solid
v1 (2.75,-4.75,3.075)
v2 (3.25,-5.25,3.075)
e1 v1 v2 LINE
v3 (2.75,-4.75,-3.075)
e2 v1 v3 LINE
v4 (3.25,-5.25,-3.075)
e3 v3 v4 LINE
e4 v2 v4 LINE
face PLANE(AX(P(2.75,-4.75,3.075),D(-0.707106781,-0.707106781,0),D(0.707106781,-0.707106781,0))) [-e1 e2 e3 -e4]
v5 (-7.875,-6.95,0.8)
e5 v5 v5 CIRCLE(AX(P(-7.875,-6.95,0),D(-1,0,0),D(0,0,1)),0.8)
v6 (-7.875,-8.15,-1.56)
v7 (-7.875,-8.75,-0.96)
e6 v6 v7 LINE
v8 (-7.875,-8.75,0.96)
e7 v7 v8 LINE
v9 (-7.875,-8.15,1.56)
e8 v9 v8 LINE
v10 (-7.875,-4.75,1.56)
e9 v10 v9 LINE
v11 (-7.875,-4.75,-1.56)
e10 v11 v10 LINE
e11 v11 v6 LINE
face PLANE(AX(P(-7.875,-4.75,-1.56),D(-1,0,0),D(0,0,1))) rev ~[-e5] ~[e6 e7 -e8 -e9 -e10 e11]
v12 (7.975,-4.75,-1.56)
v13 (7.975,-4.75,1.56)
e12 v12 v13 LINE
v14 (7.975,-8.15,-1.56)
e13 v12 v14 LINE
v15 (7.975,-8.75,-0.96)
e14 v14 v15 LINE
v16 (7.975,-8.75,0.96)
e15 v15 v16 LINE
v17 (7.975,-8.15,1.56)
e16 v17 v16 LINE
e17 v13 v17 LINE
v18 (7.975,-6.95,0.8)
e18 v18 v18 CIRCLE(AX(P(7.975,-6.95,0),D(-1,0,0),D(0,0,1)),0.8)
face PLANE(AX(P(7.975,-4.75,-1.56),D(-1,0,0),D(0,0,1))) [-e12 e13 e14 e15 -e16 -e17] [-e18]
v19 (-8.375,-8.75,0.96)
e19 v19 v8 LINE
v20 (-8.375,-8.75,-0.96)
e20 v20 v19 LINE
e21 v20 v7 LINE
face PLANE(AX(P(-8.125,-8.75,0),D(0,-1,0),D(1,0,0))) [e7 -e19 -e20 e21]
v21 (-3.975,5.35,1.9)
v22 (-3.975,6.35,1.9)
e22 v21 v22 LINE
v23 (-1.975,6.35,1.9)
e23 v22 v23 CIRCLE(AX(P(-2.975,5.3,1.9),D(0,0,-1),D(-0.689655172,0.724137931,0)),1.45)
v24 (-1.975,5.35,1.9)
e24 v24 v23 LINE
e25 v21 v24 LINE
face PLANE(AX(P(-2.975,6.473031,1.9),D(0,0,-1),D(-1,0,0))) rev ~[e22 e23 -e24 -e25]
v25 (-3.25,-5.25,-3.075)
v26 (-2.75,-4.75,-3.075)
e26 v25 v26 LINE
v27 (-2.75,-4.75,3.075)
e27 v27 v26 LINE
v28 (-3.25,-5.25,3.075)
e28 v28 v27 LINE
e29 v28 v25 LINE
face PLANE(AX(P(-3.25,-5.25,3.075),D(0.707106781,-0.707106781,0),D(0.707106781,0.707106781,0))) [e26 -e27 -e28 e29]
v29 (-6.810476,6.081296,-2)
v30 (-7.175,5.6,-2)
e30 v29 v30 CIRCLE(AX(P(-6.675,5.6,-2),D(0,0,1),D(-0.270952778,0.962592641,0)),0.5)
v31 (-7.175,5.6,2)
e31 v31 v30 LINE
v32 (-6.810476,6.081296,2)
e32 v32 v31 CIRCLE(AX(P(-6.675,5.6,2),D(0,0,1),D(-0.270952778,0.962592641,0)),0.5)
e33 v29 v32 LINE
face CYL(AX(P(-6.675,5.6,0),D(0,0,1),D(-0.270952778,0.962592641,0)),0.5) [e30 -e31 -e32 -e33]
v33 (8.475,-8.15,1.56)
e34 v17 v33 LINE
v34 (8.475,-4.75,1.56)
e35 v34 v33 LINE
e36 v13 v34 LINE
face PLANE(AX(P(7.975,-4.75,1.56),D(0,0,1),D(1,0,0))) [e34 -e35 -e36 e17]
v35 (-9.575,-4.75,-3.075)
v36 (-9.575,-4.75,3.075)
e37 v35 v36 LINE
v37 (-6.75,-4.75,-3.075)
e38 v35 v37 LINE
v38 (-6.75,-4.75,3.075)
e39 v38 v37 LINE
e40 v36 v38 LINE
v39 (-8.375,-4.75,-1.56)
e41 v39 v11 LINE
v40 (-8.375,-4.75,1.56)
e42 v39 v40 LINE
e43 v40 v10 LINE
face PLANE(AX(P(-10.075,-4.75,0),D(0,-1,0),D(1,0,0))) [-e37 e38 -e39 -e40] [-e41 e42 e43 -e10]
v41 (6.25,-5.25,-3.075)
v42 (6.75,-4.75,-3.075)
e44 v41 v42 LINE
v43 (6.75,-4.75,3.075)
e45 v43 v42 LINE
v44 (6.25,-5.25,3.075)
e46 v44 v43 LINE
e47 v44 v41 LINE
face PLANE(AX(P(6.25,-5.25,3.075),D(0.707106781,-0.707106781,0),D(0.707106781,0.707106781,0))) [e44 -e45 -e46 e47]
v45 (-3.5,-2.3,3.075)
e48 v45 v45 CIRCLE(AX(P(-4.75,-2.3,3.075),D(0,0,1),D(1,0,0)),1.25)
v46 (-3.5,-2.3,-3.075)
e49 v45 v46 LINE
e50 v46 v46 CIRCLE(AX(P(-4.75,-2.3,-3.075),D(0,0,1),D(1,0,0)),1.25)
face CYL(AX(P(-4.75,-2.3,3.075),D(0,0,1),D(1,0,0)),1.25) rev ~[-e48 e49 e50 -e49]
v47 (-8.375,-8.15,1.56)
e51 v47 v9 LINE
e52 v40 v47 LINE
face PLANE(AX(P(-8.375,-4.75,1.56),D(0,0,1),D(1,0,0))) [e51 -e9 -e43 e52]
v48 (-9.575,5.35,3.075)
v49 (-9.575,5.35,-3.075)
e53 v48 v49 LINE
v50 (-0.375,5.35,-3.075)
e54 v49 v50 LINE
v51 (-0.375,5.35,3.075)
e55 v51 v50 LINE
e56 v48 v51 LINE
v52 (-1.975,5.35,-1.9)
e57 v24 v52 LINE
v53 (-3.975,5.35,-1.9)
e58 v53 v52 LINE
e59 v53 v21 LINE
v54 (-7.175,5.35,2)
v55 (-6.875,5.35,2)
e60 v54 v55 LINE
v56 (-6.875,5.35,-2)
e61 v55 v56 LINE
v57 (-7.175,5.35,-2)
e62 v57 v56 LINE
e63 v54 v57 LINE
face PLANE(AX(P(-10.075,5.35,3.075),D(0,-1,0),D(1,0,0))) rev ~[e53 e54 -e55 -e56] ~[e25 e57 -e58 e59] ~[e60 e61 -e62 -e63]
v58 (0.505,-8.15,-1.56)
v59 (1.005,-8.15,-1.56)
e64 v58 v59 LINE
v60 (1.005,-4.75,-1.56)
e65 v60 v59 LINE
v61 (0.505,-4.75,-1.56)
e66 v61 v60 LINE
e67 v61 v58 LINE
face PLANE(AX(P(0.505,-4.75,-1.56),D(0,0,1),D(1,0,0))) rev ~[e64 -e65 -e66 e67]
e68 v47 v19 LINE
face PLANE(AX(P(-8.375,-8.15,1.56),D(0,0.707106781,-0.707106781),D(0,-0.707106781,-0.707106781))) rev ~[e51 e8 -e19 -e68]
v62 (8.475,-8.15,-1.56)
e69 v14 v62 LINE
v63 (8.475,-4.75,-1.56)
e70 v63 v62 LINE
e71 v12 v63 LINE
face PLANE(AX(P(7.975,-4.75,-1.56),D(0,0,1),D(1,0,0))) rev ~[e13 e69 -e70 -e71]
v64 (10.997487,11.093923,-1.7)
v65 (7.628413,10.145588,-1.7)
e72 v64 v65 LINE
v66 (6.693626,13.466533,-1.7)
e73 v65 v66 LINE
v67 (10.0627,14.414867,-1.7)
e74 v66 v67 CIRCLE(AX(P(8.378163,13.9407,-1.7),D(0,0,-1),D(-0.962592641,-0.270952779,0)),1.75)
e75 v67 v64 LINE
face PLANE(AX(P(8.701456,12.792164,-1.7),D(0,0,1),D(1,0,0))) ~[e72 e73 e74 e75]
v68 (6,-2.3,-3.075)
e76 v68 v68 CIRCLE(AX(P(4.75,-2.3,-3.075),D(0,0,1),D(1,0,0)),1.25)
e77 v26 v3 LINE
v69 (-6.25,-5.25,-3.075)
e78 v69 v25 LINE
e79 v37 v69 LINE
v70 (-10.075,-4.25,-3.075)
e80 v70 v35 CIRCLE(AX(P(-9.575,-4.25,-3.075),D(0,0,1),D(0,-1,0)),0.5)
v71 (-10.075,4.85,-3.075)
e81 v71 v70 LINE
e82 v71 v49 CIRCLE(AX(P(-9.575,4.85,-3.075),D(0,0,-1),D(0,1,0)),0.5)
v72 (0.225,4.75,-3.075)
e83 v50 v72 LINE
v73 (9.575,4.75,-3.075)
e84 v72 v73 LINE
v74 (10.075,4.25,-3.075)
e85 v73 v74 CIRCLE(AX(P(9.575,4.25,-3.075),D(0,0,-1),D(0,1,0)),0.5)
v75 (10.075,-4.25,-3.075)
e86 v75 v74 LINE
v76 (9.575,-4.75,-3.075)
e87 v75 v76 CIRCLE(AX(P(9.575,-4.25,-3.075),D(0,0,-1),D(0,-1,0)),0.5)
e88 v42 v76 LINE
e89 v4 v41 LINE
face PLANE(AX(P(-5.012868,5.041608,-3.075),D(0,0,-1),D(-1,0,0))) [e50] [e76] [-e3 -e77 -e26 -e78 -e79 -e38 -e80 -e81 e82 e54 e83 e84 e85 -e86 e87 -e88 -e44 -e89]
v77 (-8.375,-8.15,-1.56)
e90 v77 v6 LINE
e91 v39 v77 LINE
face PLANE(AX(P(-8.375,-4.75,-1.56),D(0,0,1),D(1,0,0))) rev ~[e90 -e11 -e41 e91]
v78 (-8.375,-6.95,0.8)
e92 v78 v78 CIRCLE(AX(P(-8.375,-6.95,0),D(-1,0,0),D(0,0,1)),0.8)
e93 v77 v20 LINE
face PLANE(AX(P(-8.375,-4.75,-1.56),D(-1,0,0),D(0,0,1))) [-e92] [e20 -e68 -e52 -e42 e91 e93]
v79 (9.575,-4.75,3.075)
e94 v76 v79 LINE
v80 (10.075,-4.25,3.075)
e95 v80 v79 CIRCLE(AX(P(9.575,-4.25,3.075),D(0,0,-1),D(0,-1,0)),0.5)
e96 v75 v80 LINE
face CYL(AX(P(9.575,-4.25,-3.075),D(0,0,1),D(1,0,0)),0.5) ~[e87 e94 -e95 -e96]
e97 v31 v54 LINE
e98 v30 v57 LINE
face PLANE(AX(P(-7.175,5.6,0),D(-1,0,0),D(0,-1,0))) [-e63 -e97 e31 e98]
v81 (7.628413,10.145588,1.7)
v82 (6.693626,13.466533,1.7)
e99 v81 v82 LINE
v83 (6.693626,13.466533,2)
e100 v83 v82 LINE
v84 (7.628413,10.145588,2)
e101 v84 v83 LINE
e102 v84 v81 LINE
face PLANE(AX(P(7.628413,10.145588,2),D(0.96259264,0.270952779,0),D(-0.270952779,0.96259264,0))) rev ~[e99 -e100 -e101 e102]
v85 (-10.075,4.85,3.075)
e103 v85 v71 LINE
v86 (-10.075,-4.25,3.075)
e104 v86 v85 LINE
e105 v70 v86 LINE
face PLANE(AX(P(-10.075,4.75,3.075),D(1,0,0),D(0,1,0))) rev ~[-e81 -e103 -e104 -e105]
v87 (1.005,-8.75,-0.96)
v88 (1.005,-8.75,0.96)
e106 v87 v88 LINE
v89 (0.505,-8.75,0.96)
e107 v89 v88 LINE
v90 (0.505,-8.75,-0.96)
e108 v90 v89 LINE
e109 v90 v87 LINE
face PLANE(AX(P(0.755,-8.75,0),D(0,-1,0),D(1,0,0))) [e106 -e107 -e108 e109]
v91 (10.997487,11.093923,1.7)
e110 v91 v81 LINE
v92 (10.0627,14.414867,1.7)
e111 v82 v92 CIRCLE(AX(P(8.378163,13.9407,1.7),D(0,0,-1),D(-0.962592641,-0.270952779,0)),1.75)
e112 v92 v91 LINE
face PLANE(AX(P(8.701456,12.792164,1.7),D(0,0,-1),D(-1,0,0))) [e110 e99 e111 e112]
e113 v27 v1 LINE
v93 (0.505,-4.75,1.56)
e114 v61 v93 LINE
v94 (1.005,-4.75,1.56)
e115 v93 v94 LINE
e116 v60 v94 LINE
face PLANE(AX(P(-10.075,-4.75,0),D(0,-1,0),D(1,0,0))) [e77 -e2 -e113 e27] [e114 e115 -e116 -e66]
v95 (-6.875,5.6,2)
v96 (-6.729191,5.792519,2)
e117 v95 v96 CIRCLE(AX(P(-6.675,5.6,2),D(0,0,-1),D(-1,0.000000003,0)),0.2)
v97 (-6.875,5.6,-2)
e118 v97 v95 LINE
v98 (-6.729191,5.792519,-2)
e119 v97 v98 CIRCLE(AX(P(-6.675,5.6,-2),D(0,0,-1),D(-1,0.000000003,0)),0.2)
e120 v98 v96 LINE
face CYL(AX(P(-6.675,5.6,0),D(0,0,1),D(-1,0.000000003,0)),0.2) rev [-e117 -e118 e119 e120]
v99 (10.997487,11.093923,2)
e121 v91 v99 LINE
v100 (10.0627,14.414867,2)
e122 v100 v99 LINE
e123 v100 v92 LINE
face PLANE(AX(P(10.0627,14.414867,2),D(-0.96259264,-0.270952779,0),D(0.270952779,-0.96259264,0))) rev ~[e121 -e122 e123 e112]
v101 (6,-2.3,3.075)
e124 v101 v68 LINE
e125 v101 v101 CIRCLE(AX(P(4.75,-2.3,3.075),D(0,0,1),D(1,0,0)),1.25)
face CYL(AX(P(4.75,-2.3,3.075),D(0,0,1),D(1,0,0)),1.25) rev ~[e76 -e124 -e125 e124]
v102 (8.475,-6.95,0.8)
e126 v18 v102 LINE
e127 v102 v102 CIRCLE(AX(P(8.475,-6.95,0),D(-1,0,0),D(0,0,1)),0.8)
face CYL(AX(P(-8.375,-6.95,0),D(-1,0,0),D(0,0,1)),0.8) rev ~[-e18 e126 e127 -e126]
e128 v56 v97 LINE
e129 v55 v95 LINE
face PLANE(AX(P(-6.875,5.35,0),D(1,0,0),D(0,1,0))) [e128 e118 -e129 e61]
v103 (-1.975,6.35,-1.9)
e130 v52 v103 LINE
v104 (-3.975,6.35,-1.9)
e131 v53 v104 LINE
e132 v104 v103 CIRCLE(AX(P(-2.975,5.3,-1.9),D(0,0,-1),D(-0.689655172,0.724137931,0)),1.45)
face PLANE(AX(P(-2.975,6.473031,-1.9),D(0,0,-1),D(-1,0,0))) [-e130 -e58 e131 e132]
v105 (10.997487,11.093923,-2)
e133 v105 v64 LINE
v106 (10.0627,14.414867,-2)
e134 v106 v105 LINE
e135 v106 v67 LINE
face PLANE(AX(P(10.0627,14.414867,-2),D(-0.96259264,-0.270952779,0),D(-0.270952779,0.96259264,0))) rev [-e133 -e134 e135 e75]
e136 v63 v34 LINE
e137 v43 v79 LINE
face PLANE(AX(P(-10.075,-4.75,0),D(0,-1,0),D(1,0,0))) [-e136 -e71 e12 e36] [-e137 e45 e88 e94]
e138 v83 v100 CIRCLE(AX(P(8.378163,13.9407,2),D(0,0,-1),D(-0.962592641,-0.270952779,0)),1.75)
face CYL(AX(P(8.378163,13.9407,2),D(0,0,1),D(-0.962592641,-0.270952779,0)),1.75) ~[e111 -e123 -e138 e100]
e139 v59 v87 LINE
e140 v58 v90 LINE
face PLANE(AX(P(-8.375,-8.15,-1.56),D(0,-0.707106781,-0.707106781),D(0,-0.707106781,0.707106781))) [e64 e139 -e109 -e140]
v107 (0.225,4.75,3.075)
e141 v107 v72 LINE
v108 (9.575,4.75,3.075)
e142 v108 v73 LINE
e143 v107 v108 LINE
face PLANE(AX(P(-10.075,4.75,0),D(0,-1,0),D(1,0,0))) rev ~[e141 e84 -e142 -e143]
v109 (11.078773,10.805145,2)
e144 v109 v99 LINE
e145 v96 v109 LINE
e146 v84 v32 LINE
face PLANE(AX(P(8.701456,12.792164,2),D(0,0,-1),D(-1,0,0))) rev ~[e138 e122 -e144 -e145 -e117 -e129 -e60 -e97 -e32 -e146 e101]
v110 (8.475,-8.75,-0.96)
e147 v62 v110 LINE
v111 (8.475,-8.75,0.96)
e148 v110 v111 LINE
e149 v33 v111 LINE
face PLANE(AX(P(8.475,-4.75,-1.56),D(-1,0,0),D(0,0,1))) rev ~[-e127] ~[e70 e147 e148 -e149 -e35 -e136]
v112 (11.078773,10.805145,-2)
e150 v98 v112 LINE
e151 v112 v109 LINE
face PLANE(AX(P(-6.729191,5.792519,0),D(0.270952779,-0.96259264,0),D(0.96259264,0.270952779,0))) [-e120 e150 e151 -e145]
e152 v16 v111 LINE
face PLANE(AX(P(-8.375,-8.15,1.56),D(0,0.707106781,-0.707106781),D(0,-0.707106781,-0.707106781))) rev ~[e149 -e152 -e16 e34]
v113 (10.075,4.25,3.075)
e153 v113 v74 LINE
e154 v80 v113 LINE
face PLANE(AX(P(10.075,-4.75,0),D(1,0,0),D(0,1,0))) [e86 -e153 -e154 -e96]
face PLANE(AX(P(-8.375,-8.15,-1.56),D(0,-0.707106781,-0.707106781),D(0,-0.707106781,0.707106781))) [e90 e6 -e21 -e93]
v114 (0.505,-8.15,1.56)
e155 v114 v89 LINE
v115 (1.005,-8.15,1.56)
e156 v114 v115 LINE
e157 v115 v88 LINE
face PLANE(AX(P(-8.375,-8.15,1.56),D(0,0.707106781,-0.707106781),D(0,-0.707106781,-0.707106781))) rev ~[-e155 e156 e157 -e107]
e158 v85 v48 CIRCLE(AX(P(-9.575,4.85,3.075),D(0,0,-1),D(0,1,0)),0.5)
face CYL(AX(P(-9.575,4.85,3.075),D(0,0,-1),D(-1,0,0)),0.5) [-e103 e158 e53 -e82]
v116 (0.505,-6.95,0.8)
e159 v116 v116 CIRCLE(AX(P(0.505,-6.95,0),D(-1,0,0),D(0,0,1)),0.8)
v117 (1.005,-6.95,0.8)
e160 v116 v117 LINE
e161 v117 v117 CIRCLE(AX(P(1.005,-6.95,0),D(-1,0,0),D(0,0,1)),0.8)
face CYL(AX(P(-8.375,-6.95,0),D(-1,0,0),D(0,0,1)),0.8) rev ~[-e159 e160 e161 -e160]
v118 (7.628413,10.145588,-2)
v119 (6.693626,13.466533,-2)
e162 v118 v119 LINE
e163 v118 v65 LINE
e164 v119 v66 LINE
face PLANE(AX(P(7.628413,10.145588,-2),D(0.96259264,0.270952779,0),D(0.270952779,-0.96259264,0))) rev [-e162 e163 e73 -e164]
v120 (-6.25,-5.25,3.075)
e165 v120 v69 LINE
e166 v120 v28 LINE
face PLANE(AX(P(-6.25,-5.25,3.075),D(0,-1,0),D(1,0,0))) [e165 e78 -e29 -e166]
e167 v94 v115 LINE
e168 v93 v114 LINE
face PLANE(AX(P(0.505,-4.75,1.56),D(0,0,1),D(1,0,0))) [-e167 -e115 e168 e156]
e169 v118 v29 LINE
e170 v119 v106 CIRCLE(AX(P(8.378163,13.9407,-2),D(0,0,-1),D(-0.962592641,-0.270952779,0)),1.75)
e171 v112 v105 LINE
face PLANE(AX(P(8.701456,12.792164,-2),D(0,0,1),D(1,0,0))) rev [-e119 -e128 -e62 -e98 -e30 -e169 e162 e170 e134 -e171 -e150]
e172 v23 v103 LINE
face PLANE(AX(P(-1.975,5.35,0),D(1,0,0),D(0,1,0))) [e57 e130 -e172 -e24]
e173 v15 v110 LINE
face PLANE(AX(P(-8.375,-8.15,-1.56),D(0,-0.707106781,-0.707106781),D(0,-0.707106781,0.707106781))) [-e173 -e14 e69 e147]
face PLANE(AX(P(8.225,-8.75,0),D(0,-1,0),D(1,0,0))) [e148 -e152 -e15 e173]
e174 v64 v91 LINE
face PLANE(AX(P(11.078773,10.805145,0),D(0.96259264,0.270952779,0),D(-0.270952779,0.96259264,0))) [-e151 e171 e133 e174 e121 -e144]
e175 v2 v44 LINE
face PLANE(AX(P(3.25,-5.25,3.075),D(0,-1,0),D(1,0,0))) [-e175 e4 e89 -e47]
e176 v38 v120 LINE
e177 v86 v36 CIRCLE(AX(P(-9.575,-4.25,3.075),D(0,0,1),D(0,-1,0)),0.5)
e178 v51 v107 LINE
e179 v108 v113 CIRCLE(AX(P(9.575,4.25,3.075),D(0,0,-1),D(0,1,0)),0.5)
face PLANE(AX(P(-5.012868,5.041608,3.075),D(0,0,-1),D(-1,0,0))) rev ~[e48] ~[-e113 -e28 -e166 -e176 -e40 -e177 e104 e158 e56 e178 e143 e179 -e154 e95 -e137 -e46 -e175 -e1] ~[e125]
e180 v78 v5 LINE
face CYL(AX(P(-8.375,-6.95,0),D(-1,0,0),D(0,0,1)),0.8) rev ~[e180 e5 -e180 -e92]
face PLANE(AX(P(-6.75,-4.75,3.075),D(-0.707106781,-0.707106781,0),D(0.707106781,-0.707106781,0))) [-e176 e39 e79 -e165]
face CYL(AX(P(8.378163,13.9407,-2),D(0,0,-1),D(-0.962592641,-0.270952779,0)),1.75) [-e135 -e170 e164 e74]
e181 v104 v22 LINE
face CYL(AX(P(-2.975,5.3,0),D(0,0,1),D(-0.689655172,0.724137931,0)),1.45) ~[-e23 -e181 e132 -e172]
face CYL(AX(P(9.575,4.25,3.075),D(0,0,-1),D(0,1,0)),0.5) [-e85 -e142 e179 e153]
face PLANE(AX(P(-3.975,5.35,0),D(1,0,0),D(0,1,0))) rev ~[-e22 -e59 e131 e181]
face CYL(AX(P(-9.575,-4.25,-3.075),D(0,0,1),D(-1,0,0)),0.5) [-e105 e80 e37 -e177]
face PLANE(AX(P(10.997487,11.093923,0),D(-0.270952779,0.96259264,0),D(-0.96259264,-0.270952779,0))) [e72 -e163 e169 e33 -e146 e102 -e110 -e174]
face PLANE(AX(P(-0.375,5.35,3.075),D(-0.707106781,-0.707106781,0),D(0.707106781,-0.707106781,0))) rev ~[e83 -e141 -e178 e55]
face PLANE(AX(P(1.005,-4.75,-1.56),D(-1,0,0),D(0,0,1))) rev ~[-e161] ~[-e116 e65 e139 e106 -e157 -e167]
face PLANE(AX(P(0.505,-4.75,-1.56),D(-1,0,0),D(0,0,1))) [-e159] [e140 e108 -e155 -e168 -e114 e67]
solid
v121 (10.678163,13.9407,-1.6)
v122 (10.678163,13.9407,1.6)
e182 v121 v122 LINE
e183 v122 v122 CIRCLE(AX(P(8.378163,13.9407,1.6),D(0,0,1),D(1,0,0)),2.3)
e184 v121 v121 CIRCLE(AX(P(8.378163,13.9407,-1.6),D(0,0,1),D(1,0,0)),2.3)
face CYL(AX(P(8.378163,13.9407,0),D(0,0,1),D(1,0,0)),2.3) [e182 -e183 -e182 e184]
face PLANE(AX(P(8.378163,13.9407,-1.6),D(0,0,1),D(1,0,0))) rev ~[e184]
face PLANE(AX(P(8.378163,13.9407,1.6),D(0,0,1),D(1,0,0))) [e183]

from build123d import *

# Parameters (mm, degrees)
CROQUIS1_W              = 20.15
CROQUIS1_H              = 9.5
SALIENTE_EXTRUIR1_DEPTH = 3.075
SALIENTE_EXTRUIR2_DEPTH = 6.15
CROQUIS2_3_R            = 1.25
CORTAR_EXTRUIR1_DEPTH   = 6.15
SALIENTE_EXTRUIR3_DEPTH = 6.15
CROQUIS4_W              = 0.5
CROQUIS4_H              = 3.12
SALIENTE_EXTRUIR4_DEPTH = 4
CROQUIS5_R              = 0.8
CORTAR_EXTRUIR2_DEPTH   = 19.45
REDONDEO1_R             = 0.5
CROQUIS6_W              = 2
CROQUIS6_H              = 1
SALIENTE_EXTRUIR5_DEPTH = 1.9
SALIENTE_EXTRUIR7_DEPTH = 2
SALIENTE_EXTRUIR8_DEPTH = 0.3
CROQUIS9_R              = 2.3
SALIENTE_EXTRUIR9_DEPTH = 1.6


with BuildPart() as part:
    # Croquis1 → Saliente-Extruir1 (new body, symmetric)
    with BuildSketch(Plane.XY):
        Rectangle(CROQUIS1_W, CROQUIS1_H)
    extrude(amount=SALIENTE_EXTRUIR1_DEPTH, both=True)

    # Croquis2 → Saliente-Extruir2 (add)
    with BuildSketch(Plane.XY.offset(3.075)):
        Polygon((-2.75, -4.75), (-6.75, -4.75), (-6.25, -5.25), (-3.25, -5.25), align=None)
        Polygon((6.75, -4.75), (2.75, -4.75), (3.25, -5.25), (6.25, -5.25), align=None)
    extrude(amount=-SALIENTE_EXTRUIR2_DEPTH)

    # Croquis2_3 → Cortar-Extruir1 (cut)
    with BuildSketch(Plane.XY.offset(3.075)):
        with Locations((-4.75, -2.3)):
            Circle(CROQUIS2_3_R)
        with Locations((4.75, -2.3)):
            Circle(CROQUIS2_3_R)
    extrude(amount=-CORTAR_EXTRUIR1_DEPTH, mode=Mode.SUBTRACT)

    # Croquis3 → Saliente-Extruir3 (add)
    with BuildSketch(Plane.XY.offset(3.075)):
        Polygon((-10.075, 4.75), (-10.075, 5.35), (-0.375, 5.35), (0.225, 4.75), align=None)
    extrude(amount=-SALIENTE_EXTRUIR3_DEPTH)

    # Croquis4 → Saliente-Extruir4 (add)
    with BuildSketch(Plane.XZ.offset(4.75)):
        with Locations((8.225, 0)):
            Rectangle(CROQUIS4_W, CROQUIS4_H)
        with Locations((-8.125, 0)):
            Rectangle(CROQUIS4_W, CROQUIS4_H)
        with Locations((0.755, 0)):
            Rectangle(CROQUIS4_W, CROQUIS4_H)
    extrude(amount=SALIENTE_EXTRUIR4_DEPTH)

    # Croquis5 → Cortar-Extruir2 (cut, through all)
    with BuildSketch(Plane.ZY.offset(8.375)):
        with Locations((0, -6.95)):
            Circle(CROQUIS5_R)
        Polygon((-1.56, -8.15), (-0.96, -8.75), (-1.56, -8.75), align=None)
        Polygon((1.56, -8.75), (1.56, -8.15), (0.96, -8.75), align=None)
    extrude(amount=-CORTAR_EXTRUIR2_DEPTH, mode=Mode.SUBTRACT)

    # Redondeo1
    redondeo1_edges = [part.edges().sort_by_distance(p)[0] for p in [
        (-10.075, 5.35, 0),
        (10.075, -4.75, 0),
        (-10.075, -4.75, 0),
        (10.075, 4.75, 0),
    ]]
    fillet(redondeo1_edges, radius=REDONDEO1_R)

    # Croquis6 → Saliente-Extruir5 (add, symmetric)
    with BuildSketch(Plane.XY):
        with BuildLine():
            ThreePointArc((-3.975, 6.35), (-2.975, 6.75), (-1.975, 6.35))
            Line((-1.975, 6.35), (-3.975, 6.35))
        make_face()
        with Locations((-2.975, 5.85)):
            Rectangle(CROQUIS6_W, CROQUIS6_H)
    extrude(amount=SALIENTE_EXTRUIR5_DEPTH, both=True)

    # Croquis7 → Saliente-Extruir7 (add, symmetric)
    with BuildSketch(Plane.XY):
        with BuildLine():
            Line((-6.875, 5.35), (-6.875, 5.6))
            ThreePointArc((-6.875, 5.6), (-6.834433546, 5.720751581), (-6.729190556, 5.792518528))
            Line((-6.729190556, 5.792518528), (11.078773292, 10.805144944))
            Line((11.078773292, 10.805144944), (10.997487458, 11.093922737))
            Line((10.997487458, 11.093922737), (-6.81047639, 6.08129632))
            ThreePointArc((-6.81047639, 6.08129632), (-7.073583865, 5.901878954), (-7.175, 5.6))
            Line((-7.175, 5.6), (-7.175, 5.35))
            Line((-7.175, 5.35), (-6.875, 5.35))
        make_face()
    extrude(amount=SALIENTE_EXTRUIR7_DEPTH, both=True)

    # Croquis8 → Saliente-Extruir8 (add)
    with BuildSketch(Plane.XY.offset(2)):
        with BuildLine():
            Line((10.997487458, 11.093922737), (7.628413217, 10.145588009))
            Line((7.628413217, 10.145588009), (6.693626128, 13.466532619))
            ThreePointArc((6.693626128, 13.466532619), (7.903995885, 15.625237103), (10.06270037, 14.414867346))
            Line((10.06270037, 14.414867346), (10.997487458, 11.093922737))
        make_face()
    saliente_extruir8 = extrude(amount=-SALIENTE_EXTRUIR8_DEPTH)

    # Simetr_a1: Saliente-Extruir8 across plane
    add(saliente_extruir8.mirror(Plane.XY))


with BuildPart() as body_2:
    # Croquis9 → Saliente-Extruir9 (new body, symmetric)
    with BuildSketch(Plane.XY):
        with Locations((8.378163249, 13.940699982)):
            Circle(CROQUIS9_R)
    extrude(amount=SALIENTE_EXTRUIR9_DEPTH, both=True)


solid = Compound([part.part, body_2.part])
